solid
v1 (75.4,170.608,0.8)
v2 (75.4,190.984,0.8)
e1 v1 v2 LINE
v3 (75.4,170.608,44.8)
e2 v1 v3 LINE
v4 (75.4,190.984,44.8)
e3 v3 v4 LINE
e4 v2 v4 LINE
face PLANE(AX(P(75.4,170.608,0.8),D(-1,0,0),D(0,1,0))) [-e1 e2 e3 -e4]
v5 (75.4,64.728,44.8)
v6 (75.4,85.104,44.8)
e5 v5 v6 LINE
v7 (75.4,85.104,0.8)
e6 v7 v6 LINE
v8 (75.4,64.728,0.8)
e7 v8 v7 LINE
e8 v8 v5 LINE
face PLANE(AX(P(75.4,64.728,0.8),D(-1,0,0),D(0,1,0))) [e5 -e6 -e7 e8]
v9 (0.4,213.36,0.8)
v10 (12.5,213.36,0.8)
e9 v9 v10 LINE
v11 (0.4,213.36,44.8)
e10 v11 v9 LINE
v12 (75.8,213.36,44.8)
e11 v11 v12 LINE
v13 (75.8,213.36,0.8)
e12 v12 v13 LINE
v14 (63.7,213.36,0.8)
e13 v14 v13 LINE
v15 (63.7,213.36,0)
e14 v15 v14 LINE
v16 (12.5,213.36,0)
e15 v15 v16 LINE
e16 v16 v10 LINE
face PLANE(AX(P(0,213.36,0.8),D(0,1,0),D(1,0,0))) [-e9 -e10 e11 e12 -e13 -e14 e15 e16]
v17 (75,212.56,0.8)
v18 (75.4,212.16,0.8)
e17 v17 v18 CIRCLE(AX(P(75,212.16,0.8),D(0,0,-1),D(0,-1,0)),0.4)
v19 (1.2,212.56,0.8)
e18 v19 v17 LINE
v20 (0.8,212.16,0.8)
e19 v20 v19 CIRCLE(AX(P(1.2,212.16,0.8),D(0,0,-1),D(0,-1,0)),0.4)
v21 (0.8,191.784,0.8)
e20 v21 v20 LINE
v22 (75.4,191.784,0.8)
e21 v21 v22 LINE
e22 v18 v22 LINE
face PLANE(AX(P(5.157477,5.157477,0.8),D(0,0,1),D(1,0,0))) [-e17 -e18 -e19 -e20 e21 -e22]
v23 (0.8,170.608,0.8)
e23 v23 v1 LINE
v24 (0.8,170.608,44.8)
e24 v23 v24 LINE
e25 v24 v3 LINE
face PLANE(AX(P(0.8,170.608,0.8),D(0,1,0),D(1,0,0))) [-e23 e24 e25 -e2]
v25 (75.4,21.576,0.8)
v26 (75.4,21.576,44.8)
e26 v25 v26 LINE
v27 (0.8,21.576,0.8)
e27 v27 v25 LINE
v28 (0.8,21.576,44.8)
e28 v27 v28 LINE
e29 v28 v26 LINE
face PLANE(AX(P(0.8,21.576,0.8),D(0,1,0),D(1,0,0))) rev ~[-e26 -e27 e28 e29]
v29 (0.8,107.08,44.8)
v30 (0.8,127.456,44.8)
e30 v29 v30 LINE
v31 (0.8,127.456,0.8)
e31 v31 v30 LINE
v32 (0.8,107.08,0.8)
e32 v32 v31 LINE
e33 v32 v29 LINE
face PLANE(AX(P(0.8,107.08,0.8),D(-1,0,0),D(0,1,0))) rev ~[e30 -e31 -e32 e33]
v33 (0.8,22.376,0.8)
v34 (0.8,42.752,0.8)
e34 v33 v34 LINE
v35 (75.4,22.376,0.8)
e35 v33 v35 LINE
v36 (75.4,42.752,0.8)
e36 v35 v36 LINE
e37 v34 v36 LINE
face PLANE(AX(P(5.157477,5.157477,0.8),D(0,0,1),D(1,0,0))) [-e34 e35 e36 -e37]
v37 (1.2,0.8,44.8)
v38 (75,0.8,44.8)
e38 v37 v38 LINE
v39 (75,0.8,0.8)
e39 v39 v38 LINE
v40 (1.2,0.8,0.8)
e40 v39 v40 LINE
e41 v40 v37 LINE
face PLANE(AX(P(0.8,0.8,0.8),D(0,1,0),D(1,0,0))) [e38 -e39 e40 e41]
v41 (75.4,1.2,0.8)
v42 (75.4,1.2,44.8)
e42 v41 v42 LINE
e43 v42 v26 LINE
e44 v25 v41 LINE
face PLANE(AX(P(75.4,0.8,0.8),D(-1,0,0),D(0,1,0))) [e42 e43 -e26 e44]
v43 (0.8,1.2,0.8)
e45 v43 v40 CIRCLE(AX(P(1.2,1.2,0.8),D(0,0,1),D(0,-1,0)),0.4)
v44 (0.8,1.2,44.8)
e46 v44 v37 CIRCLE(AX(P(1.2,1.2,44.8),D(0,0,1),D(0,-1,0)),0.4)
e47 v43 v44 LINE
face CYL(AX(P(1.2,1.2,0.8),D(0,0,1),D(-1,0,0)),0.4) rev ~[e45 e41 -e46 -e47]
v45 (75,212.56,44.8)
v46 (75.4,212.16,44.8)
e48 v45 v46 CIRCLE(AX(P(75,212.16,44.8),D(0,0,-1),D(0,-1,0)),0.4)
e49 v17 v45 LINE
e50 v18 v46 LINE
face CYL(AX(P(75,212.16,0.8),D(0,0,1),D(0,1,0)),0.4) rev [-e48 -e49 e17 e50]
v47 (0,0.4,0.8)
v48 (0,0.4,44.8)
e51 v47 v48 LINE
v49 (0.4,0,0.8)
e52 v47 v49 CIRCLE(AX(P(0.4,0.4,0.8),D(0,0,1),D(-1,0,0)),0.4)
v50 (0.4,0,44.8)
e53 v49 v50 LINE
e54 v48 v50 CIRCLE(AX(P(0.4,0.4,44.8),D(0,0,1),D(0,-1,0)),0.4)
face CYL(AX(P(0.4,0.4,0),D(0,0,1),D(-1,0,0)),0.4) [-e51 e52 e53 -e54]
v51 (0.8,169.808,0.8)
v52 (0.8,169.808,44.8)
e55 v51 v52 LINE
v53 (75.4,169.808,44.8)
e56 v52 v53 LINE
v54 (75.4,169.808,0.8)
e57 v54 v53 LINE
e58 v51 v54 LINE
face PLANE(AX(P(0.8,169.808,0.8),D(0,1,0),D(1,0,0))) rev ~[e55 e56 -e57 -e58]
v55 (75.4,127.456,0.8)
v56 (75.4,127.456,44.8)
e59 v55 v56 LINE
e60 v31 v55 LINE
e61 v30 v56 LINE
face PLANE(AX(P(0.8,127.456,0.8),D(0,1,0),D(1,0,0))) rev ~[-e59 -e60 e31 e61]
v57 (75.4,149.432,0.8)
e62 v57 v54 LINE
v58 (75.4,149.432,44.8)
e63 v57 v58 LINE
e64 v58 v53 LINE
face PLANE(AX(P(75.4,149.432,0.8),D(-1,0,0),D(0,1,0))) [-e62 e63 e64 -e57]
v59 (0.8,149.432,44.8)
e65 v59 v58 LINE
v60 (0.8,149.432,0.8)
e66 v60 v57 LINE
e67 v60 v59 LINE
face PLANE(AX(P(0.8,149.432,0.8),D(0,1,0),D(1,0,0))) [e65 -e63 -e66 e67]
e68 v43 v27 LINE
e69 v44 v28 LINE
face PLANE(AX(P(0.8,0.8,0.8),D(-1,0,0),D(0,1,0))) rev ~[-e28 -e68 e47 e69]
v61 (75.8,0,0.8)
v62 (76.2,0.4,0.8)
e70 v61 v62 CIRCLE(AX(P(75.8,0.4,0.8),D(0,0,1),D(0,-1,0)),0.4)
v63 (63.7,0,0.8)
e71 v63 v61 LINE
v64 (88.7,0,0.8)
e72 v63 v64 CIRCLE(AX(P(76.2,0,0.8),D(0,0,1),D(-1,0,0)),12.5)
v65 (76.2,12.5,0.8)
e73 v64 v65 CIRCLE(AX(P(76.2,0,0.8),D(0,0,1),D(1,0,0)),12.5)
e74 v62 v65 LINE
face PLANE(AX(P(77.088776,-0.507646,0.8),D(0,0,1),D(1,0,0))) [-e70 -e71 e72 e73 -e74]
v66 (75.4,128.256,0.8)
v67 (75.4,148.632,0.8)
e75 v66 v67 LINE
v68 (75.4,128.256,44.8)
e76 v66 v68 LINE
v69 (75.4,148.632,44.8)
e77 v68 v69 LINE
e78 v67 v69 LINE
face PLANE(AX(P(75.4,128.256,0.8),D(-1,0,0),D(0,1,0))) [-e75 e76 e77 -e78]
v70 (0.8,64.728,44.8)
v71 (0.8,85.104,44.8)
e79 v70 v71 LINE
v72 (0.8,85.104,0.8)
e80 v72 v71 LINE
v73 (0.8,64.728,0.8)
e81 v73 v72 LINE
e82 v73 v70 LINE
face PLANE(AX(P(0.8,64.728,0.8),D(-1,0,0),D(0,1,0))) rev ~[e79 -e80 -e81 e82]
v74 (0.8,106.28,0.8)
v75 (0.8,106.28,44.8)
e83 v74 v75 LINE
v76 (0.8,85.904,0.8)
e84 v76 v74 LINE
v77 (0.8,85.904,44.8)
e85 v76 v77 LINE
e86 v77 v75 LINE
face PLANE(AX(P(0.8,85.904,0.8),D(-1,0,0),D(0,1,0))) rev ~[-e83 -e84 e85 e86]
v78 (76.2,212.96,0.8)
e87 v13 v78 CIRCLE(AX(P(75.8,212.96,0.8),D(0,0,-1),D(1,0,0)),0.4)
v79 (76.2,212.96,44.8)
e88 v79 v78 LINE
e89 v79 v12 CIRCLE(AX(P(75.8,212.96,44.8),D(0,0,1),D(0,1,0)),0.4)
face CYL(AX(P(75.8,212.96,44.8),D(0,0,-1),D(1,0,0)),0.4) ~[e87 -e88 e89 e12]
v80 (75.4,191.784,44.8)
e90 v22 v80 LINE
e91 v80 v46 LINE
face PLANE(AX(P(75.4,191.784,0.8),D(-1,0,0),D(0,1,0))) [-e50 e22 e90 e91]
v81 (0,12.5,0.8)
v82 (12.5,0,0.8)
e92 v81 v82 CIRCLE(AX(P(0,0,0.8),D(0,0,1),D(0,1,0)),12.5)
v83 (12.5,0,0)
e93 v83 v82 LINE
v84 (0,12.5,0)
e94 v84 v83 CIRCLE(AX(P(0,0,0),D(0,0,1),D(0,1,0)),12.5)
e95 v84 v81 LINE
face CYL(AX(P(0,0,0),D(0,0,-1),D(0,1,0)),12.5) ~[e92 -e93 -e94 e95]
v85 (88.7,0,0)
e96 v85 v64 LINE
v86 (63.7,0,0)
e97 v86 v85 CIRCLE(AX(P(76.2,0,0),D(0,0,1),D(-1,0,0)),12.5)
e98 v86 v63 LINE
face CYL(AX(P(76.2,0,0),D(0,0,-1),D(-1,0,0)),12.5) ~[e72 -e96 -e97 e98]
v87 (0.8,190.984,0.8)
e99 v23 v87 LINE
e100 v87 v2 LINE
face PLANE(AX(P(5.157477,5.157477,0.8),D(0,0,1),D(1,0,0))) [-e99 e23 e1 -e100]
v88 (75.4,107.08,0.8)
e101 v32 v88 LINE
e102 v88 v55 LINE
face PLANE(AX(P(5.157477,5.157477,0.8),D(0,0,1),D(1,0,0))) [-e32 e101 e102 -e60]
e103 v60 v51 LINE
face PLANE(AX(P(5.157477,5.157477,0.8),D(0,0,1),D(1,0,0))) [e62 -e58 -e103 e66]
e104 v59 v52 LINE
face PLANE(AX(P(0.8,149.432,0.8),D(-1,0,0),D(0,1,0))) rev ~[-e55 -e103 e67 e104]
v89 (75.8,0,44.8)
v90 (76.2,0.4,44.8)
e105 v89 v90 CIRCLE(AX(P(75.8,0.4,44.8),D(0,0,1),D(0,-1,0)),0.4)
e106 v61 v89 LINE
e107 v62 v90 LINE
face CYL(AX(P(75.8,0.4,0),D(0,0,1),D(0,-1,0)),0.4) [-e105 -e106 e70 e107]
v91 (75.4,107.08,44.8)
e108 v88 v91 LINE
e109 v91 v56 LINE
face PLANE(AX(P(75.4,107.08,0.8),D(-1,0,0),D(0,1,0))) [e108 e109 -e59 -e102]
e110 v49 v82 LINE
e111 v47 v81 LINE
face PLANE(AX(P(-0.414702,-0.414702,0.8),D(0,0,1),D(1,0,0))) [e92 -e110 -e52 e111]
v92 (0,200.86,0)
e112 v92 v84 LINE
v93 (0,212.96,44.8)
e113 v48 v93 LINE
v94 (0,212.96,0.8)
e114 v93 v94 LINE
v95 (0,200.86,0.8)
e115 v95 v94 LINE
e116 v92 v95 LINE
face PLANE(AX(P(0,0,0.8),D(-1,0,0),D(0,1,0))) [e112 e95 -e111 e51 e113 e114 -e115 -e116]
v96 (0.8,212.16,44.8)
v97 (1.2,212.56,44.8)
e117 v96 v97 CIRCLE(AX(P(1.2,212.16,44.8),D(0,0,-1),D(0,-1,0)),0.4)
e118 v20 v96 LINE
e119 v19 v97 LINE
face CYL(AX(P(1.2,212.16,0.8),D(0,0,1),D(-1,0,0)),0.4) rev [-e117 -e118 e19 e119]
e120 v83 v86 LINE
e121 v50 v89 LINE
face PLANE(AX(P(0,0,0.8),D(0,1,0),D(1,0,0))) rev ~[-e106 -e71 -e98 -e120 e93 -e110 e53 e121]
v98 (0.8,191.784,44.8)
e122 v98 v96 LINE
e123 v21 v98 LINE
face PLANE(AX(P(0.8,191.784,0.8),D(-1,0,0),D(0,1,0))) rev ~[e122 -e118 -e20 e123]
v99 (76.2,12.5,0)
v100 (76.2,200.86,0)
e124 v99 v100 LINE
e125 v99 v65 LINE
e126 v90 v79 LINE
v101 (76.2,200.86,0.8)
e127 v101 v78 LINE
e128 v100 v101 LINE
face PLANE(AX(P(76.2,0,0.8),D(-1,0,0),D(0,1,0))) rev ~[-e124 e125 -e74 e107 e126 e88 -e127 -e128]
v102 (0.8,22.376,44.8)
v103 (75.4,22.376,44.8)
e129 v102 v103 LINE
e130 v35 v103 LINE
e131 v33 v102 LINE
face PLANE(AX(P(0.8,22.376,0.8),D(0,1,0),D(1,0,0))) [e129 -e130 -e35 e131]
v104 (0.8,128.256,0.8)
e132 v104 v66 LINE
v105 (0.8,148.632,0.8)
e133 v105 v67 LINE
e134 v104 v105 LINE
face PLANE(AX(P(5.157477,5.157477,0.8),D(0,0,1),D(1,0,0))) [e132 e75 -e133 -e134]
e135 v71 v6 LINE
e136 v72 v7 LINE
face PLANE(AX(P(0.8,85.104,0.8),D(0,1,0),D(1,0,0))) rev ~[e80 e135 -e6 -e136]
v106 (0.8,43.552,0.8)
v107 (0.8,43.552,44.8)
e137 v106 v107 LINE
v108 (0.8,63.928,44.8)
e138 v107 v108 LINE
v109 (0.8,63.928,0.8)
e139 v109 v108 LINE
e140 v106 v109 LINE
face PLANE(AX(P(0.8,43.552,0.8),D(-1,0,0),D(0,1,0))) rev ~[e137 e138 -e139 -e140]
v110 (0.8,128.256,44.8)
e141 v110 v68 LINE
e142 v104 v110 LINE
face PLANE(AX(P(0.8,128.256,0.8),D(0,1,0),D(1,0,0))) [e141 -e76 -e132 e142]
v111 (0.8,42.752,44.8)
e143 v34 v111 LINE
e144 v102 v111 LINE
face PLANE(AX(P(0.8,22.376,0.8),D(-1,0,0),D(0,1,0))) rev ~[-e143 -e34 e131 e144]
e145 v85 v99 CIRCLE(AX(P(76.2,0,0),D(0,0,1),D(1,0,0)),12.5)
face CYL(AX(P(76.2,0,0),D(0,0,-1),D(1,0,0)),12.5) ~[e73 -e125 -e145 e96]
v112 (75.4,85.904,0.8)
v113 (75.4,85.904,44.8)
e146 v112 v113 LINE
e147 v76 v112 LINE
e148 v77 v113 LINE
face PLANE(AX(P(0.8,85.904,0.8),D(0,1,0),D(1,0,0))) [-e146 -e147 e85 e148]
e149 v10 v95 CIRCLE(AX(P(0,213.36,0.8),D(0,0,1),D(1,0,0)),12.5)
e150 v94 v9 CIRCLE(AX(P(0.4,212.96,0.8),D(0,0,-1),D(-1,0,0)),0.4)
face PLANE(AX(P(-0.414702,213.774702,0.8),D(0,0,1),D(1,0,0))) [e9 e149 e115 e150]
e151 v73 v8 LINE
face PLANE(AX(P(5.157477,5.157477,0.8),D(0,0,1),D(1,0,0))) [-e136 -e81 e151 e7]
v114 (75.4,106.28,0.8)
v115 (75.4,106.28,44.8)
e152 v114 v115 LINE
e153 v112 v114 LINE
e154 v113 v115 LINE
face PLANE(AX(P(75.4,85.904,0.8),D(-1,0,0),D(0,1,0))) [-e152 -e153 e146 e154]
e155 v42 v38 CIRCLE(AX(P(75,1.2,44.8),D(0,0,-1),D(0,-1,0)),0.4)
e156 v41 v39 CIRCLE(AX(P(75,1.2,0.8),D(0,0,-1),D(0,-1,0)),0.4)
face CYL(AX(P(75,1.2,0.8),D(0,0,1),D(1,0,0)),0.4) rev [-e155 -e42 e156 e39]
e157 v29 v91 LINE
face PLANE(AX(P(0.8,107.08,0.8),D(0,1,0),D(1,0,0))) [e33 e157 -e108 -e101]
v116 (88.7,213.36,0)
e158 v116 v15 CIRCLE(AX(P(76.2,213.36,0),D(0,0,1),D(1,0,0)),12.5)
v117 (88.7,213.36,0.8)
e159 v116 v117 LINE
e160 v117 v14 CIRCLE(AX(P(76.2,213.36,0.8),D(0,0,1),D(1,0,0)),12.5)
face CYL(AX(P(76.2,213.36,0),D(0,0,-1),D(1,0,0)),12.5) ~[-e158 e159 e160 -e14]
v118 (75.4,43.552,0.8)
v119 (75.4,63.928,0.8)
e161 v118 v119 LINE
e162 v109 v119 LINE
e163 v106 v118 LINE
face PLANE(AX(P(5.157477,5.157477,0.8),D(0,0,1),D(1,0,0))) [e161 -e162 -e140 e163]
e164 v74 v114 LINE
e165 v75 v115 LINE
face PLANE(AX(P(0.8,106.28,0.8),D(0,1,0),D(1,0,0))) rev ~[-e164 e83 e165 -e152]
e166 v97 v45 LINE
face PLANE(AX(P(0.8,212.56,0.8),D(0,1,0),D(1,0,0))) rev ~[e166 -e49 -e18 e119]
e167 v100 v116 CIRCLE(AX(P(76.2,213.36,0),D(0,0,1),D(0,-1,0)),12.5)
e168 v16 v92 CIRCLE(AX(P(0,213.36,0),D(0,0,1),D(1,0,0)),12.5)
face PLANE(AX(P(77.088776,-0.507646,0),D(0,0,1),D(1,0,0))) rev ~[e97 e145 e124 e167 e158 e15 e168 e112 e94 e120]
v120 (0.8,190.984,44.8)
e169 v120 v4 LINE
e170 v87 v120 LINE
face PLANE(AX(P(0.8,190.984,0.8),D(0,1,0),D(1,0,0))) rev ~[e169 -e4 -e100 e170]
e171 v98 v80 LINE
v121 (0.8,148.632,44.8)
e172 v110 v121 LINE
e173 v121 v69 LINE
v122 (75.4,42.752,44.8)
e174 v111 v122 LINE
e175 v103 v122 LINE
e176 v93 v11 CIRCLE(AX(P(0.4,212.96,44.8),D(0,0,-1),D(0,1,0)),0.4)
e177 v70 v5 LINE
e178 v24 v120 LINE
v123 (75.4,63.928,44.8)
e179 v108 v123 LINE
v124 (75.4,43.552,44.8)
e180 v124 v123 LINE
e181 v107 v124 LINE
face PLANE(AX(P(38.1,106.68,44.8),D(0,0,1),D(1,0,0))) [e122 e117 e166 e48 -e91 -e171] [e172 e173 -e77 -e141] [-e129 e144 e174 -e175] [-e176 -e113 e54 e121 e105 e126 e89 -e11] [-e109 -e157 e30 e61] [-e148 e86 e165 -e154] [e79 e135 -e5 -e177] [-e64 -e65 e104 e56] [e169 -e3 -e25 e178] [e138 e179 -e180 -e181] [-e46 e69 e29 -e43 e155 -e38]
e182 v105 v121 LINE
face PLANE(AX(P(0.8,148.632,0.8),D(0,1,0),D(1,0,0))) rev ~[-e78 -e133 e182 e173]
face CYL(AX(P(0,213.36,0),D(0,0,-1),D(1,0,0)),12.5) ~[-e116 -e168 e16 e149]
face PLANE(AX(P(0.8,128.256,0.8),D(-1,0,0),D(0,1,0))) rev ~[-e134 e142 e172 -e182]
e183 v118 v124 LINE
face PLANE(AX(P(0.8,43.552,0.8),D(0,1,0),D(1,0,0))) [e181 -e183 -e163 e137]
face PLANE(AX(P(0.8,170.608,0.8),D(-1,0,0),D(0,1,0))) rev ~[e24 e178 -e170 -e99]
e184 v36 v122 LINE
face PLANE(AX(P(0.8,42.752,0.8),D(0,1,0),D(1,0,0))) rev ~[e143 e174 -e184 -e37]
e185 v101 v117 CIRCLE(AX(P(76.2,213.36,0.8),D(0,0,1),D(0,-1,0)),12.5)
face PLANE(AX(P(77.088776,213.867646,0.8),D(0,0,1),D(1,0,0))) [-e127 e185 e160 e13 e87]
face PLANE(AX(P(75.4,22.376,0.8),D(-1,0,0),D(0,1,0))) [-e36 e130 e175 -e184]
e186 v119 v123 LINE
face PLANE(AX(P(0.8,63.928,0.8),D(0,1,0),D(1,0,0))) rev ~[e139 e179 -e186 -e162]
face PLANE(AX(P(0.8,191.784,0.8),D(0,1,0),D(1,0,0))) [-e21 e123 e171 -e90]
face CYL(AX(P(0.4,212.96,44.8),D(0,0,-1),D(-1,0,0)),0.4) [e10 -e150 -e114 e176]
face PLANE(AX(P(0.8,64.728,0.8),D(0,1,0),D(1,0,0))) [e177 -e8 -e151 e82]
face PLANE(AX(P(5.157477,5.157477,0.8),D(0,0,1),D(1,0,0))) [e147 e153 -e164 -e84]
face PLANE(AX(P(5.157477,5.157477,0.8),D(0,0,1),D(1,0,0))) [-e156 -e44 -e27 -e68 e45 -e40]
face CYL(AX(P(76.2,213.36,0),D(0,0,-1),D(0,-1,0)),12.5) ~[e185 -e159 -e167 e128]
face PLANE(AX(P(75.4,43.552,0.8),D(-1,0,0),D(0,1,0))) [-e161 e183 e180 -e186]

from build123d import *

# Parameters (mm, degrees)
F1_DEPTH = 0.8
F2_W     = 76.2
F2_H     = 213.36
F2_W_2   = 74.6
F2_H_2   = 20.776
F2_H_3   = 20.376
F3_DEPTH = 44
F4_R     = 0.4
F5_DEPTH = 0.8


with BuildPart() as f1:
    # F0 (on Top) → F1 (new body)
    with BuildSketch(Plane.XY):
        with BuildLine():
            Line((0, 12.5), (0, 0))
            Line((0, 0), (12.5, 0))
            ThreePointArc((12.5, 0), (8.8388347648, 8.8388347648), (0, 12.5))
        make_face()
        with BuildLine():
            ThreePointArc((0, 12.5), (8.8388347648, 8.8388347648), (12.5, 0))
            Line((12.5, 0), (63.7, 0))
            ThreePointArc((63.7, 0), (67.3611652352, 8.8388347648), (76.2, 12.5))
            Line((76.2, 12.5), (76.2, 200.86))
            ThreePointArc((76.2, 200.86), (67.3611652352, 204.5211652352), (63.7, 213.36))
            Line((63.7, 213.36), (12.5, 213.36))
            ThreePointArc((12.5, 213.36), (8.8388347648, 204.5211652352), (0, 200.86))
            Line((0, 200.86), (0, 12.5))
        make_face()
        with BuildLine():
            ThreePointArc((76.2, 12.5), (67.3611652352, 8.8388347648), (63.7, 0))
            Line((63.7, 0), (76.2, 0))
            Line((76.2, 0), (76.2, 12.5))
        make_face()
        with BuildLine():
            ThreePointArc((63.7, 213.36), (67.3611652352, 204.5211652352), (76.2, 200.86))
            Line((76.2, 200.86), (76.2, 213.36))
            Line((76.2, 213.36), (63.7, 213.36))
        make_face()
        with BuildLine():
            Line((0, 213.36), (0, 200.86))
            ThreePointArc((0, 200.86), (8.8388347648, 204.5211652352), (12.5, 213.36))
            Line((12.5, 213.36), (0, 213.36))
        make_face()
    extrude(amount=F1_DEPTH)

    # F2 (on face) → F3 (join)
    with BuildSketch(Plane.XY.offset(0.8)):
        with Locations((38.1, 106.68)):
            Rectangle(F2_W, F2_H)
        with Locations((38.1, 11.188)):
            Rectangle(F2_W_2, F2_H_2, mode=Mode.SUBTRACT)
        with Locations((38.1, 32.564)):
            Rectangle(F2_W_2, F2_H_3, mode=Mode.SUBTRACT)
        with Locations((38.1, 53.74)):
            Rectangle(F2_W_2, F2_H_3, mode=Mode.SUBTRACT)
        with Locations((38.1, 74.916)):
            Rectangle(F2_W_2, F2_H_3, mode=Mode.SUBTRACT)
        with Locations((38.1, 96.092)):
            Rectangle(F2_W_2, F2_H_3, mode=Mode.SUBTRACT)
        with Locations((38.1, 117.268)):
            Rectangle(F2_W_2, F2_H_3, mode=Mode.SUBTRACT)
        with Locations((38.1, 138.444)):
            Rectangle(F2_W_2, F2_H_3, mode=Mode.SUBTRACT)
        with Locations((38.1, 159.62)):
            Rectangle(F2_W_2, F2_H_3, mode=Mode.SUBTRACT)
        with Locations((38.1, 180.796)):
            Rectangle(F2_W_2, F2_H_3, mode=Mode.SUBTRACT)
        with Locations((38.1, 202.172)):
            Rectangle(F2_W_2, F2_H_2, mode=Mode.SUBTRACT)
    extrude(amount=F3_DEPTH)

    # F4
    f4_edges = [f1.edges().sort_by_distance(p)[0] for p in [
        (75.4, 0.8, 22.8),
        (76.2, 0, 22.4),
        (0.8, 0.8, 22.8),
        (0, 0, 22.4),
        (0, 213.36, 22.4),
        (0.8, 212.56, 22.8),
        (76.2, 213.36, 22.4),
        (75.4, 212.56, 22.8),
    ]]
    fillet(f4_edges, radius=F4_R)

    # F0 (on Top) → F5 (join, through all)
    with BuildSketch(Plane.XY):
        with BuildLine():
            Line((76.2, 0), (63.7, 0))
            ThreePointArc((63.7, 0), (76.2, -12.5), (88.7, 0))
            ThreePointArc((88.7, 0), (85.0388347648, 8.8388347648), (76.2, 12.5))
            Line((76.2, 12.5), (76.2, 0))
        make_face()
        with BuildLine():
            Line((12.5, 0), (0, 0))
            Line((0, 0), (0, 12.5))
            ThreePointArc((0, 12.5), (-8.8388347648, -8.8388347648), (12.5, 0))
        make_face()
        with BuildLine():
            ThreePointArc((12.5, 213.36), (-8.8388347648, 222.1988347648), (0, 200.86))
            Line((0, 200.86), (0, 213.36))
            Line((0, 213.36), (12.5, 213.36))
        make_face()
        with BuildLine():
            Line((76.2, 213.36), (76.2, 200.86))
            ThreePointArc((76.2, 200.86), (85.0388347648, 204.5211652352), (88.7, 213.36))
            ThreePointArc((88.7, 213.36), (76.2, 225.86), (63.7, 213.36))
            Line((63.7, 213.36), (76.2, 213.36))
        make_face()
        with BuildLine():
            ThreePointArc((76.2, 12.5), (67.3611652352, 8.8388347648), (63.7, 0))
            Line((63.7, 0), (76.2, 0))
            Line((76.2, 0), (76.2, 12.5))
        make_face()
        with BuildLine():
            Line((0, 12.5), (0, 0))
            Line((0, 0), (12.5, 0))
            ThreePointArc((12.5, 0), (8.8388347648, 8.8388347648), (0, 12.5))
        make_face()
        with BuildLine():
            Line((0, 213.36), (0, 200.86))
            ThreePointArc((0, 200.86), (8.8388347648, 204.5211652352), (12.5, 213.36))
            Line((12.5, 213.36), (0, 213.36))
        make_face()
        with BuildLine():
            ThreePointArc((63.7, 213.36), (67.3611652352, 204.5211652352), (76.2, 200.86))
            Line((76.2, 200.86), (76.2, 213.36))
            Line((76.2, 213.36), (63.7, 213.36))
        make_face()
    extrude(amount=F5_DEPTH)


solid = f1.part
